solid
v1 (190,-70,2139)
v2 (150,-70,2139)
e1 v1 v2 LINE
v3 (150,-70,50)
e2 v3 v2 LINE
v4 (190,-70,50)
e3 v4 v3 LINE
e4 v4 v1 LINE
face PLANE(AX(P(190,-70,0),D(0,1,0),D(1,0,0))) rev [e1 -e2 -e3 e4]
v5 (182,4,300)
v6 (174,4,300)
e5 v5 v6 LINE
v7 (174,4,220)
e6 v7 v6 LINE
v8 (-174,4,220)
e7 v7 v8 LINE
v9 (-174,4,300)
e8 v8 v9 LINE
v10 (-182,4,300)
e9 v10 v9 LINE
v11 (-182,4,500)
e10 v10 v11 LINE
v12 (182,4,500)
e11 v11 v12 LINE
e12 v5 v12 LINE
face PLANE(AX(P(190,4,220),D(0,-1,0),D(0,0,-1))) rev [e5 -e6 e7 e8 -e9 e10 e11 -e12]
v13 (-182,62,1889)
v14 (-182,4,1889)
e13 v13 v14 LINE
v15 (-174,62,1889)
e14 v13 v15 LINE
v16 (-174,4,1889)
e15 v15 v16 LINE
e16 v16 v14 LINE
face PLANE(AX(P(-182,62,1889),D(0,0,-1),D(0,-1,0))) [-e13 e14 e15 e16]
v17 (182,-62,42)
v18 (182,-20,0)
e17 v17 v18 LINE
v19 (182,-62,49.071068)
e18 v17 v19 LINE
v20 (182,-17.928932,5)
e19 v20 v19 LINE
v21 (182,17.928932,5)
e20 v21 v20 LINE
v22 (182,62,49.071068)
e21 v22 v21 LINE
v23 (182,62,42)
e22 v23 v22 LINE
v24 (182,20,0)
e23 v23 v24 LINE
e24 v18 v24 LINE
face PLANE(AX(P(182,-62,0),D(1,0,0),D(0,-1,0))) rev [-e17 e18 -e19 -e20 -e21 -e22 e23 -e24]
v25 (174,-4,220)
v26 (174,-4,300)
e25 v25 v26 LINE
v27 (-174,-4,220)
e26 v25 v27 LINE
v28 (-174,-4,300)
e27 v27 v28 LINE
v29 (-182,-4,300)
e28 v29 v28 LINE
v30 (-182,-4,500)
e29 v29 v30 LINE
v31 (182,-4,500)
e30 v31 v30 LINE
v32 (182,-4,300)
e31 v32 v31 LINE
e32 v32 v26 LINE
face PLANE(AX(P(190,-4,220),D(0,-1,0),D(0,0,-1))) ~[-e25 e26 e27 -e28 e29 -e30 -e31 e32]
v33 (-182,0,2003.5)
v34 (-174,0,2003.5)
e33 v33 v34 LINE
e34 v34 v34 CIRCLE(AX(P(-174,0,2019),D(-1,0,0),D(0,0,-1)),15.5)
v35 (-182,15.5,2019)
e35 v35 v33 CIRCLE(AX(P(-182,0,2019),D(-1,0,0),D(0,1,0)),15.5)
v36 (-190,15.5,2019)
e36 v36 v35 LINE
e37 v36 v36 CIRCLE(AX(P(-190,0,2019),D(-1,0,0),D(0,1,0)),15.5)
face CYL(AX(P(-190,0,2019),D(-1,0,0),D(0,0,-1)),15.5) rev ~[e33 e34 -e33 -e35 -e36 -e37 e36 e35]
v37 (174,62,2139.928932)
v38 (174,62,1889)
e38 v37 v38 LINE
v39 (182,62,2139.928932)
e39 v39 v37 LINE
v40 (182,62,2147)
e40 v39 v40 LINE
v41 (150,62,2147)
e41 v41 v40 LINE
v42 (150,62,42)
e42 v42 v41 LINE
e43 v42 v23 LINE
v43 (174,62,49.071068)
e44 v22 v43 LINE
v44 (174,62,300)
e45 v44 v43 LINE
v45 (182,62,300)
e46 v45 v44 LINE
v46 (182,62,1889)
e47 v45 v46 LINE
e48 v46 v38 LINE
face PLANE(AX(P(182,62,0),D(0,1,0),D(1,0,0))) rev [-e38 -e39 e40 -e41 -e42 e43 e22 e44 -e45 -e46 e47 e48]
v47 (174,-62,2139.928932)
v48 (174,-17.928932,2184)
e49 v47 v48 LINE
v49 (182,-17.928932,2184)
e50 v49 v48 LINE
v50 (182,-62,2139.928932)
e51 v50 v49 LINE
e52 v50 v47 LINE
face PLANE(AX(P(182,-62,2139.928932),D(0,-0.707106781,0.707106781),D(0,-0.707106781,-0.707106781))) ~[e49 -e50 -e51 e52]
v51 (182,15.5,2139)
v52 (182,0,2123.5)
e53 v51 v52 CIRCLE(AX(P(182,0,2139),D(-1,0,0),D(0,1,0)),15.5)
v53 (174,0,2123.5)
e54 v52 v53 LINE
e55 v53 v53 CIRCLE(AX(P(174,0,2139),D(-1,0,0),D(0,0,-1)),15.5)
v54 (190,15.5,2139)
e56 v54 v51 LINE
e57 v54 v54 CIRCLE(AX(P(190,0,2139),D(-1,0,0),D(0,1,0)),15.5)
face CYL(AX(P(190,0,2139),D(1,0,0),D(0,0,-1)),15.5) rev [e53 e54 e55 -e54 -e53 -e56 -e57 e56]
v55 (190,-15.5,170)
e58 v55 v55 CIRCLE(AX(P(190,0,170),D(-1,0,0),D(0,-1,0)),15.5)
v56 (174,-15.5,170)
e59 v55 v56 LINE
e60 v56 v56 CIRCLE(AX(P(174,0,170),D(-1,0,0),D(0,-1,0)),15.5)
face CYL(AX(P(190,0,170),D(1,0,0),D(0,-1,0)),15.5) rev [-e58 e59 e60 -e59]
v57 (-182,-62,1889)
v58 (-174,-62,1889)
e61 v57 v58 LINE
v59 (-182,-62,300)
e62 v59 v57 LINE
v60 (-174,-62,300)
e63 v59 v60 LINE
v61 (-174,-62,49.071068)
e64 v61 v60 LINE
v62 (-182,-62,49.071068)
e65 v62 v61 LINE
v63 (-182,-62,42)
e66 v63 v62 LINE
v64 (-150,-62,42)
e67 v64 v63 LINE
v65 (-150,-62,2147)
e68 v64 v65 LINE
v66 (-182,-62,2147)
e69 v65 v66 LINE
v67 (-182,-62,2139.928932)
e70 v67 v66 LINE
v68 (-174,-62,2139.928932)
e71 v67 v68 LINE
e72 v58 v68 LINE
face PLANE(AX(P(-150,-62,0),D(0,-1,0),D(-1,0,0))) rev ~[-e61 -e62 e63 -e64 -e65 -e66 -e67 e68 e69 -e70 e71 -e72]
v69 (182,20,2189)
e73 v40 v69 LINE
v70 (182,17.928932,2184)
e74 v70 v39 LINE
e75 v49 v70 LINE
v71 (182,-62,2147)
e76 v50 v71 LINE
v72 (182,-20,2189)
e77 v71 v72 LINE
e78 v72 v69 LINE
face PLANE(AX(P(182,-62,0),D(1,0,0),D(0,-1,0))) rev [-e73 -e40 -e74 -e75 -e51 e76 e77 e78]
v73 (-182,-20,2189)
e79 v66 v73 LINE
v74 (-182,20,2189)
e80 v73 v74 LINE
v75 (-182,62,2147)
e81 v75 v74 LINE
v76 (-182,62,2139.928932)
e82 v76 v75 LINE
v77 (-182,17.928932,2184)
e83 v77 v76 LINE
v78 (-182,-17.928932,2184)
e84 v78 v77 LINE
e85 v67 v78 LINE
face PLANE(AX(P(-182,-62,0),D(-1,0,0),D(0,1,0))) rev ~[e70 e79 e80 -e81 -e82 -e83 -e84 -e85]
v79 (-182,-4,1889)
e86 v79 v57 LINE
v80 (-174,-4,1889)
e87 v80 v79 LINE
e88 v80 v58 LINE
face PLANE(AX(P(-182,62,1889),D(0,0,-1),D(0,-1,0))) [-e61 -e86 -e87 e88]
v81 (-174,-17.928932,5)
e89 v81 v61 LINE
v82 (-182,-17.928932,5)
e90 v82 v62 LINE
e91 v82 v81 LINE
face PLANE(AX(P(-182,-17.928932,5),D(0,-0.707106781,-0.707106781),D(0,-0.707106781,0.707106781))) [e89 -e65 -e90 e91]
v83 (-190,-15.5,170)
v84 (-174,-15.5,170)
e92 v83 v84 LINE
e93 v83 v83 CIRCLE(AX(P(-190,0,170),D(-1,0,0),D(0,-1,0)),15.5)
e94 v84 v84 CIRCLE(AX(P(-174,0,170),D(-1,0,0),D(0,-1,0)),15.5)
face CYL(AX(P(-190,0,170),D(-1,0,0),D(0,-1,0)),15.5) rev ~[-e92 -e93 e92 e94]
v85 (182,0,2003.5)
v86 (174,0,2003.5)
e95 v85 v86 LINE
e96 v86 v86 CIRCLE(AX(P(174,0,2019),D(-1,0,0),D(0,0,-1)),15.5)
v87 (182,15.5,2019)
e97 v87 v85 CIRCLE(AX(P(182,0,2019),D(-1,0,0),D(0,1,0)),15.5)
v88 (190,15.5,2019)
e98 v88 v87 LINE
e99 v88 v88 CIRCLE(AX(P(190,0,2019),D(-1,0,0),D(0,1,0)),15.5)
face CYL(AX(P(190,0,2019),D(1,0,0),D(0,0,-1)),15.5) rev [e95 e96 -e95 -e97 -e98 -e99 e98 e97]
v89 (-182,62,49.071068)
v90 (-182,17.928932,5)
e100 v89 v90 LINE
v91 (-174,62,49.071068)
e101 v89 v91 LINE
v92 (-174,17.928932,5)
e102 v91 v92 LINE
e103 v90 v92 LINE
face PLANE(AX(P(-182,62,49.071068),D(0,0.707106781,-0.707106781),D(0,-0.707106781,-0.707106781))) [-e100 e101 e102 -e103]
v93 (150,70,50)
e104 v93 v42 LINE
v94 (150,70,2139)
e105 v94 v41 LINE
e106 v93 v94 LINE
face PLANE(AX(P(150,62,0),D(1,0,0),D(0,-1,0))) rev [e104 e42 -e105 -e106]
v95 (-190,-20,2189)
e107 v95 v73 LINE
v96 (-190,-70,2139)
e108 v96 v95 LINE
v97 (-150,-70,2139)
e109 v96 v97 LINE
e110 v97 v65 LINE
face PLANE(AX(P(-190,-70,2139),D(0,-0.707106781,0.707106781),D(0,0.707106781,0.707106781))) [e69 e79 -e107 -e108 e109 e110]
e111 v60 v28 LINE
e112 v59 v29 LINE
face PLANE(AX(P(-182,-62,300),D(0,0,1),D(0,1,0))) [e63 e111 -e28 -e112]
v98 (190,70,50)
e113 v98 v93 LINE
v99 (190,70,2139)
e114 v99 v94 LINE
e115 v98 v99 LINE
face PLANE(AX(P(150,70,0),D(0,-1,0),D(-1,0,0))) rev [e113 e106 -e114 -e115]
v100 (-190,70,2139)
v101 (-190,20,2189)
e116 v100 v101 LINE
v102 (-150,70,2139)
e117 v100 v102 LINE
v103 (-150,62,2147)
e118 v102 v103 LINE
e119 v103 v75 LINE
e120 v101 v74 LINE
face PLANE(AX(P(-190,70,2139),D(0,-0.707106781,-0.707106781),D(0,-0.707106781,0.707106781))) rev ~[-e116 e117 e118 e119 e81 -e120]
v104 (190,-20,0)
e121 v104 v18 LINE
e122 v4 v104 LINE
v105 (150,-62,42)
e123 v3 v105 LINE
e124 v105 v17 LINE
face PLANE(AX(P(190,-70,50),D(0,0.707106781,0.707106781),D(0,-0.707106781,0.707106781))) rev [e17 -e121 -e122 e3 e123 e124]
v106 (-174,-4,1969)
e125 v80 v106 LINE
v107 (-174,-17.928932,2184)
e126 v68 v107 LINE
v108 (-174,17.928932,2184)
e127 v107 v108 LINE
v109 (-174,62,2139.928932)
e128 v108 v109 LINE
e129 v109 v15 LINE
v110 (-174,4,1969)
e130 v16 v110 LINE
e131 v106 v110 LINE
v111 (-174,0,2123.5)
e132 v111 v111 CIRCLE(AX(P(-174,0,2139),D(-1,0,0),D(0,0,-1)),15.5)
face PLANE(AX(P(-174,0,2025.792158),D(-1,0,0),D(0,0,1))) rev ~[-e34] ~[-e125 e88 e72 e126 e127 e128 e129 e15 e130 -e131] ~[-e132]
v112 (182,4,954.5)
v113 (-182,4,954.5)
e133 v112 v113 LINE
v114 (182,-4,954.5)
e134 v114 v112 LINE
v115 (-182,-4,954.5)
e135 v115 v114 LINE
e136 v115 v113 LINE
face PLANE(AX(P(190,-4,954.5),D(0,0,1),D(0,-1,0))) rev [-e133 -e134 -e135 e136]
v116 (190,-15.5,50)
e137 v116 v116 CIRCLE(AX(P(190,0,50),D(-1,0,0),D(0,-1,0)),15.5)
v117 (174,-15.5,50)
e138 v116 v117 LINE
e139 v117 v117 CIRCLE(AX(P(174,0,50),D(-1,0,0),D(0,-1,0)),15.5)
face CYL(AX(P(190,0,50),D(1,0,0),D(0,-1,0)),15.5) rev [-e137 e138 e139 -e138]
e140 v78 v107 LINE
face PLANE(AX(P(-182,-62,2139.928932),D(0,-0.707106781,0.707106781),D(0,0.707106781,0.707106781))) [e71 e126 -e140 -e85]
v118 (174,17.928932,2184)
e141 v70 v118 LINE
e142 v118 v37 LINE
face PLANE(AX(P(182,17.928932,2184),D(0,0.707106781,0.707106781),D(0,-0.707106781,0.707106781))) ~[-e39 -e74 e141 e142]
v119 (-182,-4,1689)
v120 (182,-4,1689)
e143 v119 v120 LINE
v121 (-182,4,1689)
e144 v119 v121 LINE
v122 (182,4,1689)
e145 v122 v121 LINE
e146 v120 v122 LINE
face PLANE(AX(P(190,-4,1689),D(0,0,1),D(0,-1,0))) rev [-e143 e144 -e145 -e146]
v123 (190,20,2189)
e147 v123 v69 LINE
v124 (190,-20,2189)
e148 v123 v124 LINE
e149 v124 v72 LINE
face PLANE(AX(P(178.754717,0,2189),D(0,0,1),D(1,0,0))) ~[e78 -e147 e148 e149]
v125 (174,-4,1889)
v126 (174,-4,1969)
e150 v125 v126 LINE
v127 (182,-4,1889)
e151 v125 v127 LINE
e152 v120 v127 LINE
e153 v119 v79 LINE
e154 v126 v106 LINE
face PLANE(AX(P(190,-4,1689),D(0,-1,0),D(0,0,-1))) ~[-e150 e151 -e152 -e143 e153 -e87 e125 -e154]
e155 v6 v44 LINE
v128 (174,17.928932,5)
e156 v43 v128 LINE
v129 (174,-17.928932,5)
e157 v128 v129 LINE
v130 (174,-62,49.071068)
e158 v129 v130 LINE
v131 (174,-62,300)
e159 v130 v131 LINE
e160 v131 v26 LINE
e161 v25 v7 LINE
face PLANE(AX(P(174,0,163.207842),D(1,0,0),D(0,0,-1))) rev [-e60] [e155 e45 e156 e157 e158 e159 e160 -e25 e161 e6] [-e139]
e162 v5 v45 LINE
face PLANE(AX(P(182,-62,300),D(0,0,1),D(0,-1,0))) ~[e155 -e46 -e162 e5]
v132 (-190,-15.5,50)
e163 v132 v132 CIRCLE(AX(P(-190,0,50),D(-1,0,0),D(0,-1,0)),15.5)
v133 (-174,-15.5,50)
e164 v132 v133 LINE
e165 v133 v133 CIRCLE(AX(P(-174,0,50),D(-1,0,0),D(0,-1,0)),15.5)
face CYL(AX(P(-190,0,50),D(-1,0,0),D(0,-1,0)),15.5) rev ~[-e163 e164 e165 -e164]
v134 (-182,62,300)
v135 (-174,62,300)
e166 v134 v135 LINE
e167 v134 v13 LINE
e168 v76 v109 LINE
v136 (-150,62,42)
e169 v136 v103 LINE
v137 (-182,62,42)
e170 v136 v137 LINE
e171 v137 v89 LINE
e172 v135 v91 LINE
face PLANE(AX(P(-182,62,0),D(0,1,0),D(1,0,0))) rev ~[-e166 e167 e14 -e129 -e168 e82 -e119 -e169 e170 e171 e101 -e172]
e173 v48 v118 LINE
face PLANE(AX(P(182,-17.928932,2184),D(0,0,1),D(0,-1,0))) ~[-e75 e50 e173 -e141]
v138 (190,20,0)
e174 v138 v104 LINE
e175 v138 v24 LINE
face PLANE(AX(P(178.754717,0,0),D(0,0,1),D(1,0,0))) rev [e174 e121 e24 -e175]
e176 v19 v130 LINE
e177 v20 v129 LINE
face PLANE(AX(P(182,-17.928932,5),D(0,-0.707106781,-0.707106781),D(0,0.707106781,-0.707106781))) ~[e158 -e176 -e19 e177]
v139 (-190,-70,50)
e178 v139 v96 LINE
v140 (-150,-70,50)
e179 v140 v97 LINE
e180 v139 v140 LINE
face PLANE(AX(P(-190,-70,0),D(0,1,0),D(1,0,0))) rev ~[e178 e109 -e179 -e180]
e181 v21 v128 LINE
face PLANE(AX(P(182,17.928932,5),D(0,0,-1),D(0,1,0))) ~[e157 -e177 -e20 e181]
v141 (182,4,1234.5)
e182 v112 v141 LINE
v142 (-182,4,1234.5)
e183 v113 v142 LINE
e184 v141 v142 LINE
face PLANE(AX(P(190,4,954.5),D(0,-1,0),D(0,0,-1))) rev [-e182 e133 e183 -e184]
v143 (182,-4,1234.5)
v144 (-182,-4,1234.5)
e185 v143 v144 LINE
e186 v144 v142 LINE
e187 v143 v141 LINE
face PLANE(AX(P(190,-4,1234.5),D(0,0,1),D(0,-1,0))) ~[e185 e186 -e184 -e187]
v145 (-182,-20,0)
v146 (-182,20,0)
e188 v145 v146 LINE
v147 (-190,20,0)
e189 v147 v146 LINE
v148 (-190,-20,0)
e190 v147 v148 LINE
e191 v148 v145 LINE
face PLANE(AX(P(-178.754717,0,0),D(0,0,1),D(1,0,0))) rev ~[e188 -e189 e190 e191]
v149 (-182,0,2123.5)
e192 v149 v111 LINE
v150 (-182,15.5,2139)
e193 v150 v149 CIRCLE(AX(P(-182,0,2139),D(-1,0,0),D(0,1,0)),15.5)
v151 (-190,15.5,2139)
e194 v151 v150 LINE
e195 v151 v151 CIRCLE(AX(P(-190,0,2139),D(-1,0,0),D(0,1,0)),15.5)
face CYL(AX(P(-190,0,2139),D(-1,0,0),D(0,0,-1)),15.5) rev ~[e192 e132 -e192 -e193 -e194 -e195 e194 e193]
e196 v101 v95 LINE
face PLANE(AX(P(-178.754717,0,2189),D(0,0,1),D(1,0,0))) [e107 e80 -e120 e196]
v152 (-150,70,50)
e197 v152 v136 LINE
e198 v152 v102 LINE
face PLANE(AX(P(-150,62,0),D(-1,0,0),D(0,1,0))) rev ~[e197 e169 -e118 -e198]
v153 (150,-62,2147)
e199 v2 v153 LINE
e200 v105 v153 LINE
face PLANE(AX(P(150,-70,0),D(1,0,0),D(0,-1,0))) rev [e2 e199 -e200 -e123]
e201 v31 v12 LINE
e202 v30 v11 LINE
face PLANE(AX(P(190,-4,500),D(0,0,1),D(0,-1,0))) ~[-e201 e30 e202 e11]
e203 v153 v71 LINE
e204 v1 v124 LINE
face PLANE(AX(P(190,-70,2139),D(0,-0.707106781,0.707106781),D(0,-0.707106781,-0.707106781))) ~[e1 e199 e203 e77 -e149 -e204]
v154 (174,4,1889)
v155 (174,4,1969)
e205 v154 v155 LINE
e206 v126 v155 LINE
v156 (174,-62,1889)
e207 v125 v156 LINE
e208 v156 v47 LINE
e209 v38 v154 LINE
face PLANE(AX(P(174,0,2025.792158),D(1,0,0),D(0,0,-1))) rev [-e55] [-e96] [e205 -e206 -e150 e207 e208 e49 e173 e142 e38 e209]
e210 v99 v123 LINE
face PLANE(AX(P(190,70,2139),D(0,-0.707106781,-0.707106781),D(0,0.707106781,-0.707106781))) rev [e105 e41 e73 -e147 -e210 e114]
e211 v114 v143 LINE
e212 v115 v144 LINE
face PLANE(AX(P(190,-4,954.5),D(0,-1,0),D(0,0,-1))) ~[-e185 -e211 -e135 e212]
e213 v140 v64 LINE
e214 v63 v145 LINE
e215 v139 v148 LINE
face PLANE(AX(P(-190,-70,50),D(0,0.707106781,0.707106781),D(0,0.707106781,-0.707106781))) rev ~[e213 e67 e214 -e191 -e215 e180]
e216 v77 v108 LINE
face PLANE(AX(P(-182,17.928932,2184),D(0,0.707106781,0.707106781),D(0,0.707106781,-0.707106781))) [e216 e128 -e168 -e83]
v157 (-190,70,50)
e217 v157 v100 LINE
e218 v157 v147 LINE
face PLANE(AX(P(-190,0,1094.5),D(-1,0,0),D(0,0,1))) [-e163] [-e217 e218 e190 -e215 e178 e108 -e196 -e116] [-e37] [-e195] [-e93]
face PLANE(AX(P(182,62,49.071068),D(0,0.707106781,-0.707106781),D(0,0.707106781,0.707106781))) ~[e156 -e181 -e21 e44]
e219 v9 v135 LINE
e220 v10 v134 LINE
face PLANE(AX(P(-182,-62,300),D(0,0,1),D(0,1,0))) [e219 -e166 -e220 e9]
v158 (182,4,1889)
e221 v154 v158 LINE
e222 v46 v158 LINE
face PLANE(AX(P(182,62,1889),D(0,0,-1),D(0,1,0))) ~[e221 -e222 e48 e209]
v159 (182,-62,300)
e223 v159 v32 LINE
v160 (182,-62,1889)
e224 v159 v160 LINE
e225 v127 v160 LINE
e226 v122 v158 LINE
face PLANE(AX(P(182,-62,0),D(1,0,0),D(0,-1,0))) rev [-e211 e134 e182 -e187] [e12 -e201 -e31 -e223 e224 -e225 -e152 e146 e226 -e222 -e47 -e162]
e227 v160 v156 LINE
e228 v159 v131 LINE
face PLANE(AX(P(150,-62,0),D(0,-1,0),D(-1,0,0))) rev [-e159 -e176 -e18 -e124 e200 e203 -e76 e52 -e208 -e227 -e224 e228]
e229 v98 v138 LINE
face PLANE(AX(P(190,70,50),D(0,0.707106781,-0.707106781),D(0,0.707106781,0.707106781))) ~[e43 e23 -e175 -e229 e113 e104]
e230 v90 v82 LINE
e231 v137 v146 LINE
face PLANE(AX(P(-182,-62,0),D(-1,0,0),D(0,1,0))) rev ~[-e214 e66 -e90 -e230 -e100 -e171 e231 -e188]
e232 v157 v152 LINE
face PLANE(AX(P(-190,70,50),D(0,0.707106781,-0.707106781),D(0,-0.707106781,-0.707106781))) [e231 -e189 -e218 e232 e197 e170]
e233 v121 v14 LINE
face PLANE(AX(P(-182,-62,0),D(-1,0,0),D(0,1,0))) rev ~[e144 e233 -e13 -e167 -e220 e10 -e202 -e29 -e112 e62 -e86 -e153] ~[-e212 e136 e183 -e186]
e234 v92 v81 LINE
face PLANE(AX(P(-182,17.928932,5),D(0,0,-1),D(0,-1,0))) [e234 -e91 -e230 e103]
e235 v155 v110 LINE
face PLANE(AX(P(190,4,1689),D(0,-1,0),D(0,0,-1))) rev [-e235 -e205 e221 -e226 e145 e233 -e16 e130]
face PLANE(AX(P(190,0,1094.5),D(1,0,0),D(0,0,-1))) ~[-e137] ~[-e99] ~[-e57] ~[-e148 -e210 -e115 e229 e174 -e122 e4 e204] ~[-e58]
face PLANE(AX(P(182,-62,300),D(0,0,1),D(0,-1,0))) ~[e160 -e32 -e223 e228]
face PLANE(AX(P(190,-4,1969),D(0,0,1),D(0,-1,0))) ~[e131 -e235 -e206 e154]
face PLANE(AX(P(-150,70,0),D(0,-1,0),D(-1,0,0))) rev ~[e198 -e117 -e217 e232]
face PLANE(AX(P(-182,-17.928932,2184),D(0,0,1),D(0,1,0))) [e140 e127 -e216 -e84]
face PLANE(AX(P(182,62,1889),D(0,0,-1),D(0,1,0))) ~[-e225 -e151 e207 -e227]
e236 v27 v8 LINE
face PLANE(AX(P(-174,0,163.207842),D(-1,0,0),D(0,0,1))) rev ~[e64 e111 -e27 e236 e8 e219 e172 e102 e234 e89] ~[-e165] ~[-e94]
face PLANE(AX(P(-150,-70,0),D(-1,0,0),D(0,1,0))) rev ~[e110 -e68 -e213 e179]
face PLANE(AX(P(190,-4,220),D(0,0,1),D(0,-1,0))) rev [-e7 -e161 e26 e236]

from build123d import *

# Parameters (mm, degrees)
EXTRUDE_1_DEPTH     = 2189
SKETCH_2_R          = 15.5
CUT_EXTRUDE_3_DEPTH = 2191.48419305
EXTRUDE_4_DEPTH     = 8
SKETCH_2_6_R        = 15.5
CUT_EXTRUDE_5_DEPTH = 2191.48419305
SKETCH_2_7_W        = 280
SKETCH_2_7_H        = 8
EXTRUDE_6_DEPTH     = 190


with BuildPart() as part:
    # 草图1 → 拉伸1 (new body)
    with BuildSketch(Plane.XY):
        Polygon((-150, 70), (-190, 70), (-190, -70), (-150, -70), (-150, -62), (-182, -62), (-182, 62), (-150, 62), align=None)
    extrude(amount=EXTRUDE_1_DEPTH)

    # 草图2 → 拉伸3 (cut, through all)
    with BuildSketch(Plane.ZY.offset(190)):
        with Locations((50, 0)):
            Circle(SKETCH_2_R)
        with Locations((170, 0)):
            Circle(SKETCH_2_R)
        with Locations((2019, 0)):
            Circle(SKETCH_2_R)
        with Locations((2139, 0)):
            Circle(SKETCH_2_R)
        Polygon((50, 70), (0, 20), (0, 70), align=None)
        Polygon((50, -70), (0, -20), (0, -70), align=None)
        Polygon((2189, -70), (2139, -70), (2189, -20), align=None)
        Polygon((2189, 70), (2139, 70), (2189, 20), align=None)
    extrude(amount=-CUT_EXTRUDE_3_DEPTH, mode=Mode.SUBTRACT)

    # 草图3 → 拉伸4 (add)
    with BuildSketch(Plane(origin=(-182, 0, 0), x_dir=(0, 0, -1), z_dir=(1, 0, 0))):
        Polygon((-2184, -17.928932188), (-2184, 17.928932188), (-2139.928932188, 62), (-1889, 62), (-1889, -62), (-2139.928932188, -62), align=None)
        Polygon((-5, -17.928932188), (-49.071067812, -62), (-300, -62), (-300, 62), (-49.071067812, 62), (-5, 17.928932188), align=None)
    extrude(amount=EXTRUDE_4_DEPTH)

    # 草图2<6> → 拉伸5 (cut, through all)
    with BuildSketch(Plane.ZY.offset(190)):
        with Locations((50, 0)):
            Circle(SKETCH_2_6_R)
        with Locations((170, 0)):
            Circle(SKETCH_2_6_R)
        with Locations((2019, 0)):
            Circle(SKETCH_2_6_R)
        with Locations((2139, 0)):
            Circle(SKETCH_2_6_R)
    extrude(amount=-CUT_EXTRUDE_5_DEPTH, mode=Mode.SUBTRACT)

    # 草图2<7> → 拉伸6 (add)
    with BuildSketch(Plane.ZY.offset(190)):
        with Locations((1094.5, 0)):
            Rectangle(SKETCH_2_7_W, SKETCH_2_7_H)
        with Locations((360, 0)):
            Rectangle(SKETCH_2_7_W, SKETCH_2_7_H)
        with Locations((1829, 0)):
            Rectangle(SKETCH_2_7_W, SKETCH_2_7_H)
    extrude(amount=-EXTRUDE_6_DEPTH)

    # 镜向1: part across plane


with BuildPart() as part_1:
    add(part.part)
    add(part.part.mirror(Plane(origin=(0, -4, 1689), x_dir=(0, 0, 1), z_dir=(-1, 0, 0))))


solid = part_1.part
